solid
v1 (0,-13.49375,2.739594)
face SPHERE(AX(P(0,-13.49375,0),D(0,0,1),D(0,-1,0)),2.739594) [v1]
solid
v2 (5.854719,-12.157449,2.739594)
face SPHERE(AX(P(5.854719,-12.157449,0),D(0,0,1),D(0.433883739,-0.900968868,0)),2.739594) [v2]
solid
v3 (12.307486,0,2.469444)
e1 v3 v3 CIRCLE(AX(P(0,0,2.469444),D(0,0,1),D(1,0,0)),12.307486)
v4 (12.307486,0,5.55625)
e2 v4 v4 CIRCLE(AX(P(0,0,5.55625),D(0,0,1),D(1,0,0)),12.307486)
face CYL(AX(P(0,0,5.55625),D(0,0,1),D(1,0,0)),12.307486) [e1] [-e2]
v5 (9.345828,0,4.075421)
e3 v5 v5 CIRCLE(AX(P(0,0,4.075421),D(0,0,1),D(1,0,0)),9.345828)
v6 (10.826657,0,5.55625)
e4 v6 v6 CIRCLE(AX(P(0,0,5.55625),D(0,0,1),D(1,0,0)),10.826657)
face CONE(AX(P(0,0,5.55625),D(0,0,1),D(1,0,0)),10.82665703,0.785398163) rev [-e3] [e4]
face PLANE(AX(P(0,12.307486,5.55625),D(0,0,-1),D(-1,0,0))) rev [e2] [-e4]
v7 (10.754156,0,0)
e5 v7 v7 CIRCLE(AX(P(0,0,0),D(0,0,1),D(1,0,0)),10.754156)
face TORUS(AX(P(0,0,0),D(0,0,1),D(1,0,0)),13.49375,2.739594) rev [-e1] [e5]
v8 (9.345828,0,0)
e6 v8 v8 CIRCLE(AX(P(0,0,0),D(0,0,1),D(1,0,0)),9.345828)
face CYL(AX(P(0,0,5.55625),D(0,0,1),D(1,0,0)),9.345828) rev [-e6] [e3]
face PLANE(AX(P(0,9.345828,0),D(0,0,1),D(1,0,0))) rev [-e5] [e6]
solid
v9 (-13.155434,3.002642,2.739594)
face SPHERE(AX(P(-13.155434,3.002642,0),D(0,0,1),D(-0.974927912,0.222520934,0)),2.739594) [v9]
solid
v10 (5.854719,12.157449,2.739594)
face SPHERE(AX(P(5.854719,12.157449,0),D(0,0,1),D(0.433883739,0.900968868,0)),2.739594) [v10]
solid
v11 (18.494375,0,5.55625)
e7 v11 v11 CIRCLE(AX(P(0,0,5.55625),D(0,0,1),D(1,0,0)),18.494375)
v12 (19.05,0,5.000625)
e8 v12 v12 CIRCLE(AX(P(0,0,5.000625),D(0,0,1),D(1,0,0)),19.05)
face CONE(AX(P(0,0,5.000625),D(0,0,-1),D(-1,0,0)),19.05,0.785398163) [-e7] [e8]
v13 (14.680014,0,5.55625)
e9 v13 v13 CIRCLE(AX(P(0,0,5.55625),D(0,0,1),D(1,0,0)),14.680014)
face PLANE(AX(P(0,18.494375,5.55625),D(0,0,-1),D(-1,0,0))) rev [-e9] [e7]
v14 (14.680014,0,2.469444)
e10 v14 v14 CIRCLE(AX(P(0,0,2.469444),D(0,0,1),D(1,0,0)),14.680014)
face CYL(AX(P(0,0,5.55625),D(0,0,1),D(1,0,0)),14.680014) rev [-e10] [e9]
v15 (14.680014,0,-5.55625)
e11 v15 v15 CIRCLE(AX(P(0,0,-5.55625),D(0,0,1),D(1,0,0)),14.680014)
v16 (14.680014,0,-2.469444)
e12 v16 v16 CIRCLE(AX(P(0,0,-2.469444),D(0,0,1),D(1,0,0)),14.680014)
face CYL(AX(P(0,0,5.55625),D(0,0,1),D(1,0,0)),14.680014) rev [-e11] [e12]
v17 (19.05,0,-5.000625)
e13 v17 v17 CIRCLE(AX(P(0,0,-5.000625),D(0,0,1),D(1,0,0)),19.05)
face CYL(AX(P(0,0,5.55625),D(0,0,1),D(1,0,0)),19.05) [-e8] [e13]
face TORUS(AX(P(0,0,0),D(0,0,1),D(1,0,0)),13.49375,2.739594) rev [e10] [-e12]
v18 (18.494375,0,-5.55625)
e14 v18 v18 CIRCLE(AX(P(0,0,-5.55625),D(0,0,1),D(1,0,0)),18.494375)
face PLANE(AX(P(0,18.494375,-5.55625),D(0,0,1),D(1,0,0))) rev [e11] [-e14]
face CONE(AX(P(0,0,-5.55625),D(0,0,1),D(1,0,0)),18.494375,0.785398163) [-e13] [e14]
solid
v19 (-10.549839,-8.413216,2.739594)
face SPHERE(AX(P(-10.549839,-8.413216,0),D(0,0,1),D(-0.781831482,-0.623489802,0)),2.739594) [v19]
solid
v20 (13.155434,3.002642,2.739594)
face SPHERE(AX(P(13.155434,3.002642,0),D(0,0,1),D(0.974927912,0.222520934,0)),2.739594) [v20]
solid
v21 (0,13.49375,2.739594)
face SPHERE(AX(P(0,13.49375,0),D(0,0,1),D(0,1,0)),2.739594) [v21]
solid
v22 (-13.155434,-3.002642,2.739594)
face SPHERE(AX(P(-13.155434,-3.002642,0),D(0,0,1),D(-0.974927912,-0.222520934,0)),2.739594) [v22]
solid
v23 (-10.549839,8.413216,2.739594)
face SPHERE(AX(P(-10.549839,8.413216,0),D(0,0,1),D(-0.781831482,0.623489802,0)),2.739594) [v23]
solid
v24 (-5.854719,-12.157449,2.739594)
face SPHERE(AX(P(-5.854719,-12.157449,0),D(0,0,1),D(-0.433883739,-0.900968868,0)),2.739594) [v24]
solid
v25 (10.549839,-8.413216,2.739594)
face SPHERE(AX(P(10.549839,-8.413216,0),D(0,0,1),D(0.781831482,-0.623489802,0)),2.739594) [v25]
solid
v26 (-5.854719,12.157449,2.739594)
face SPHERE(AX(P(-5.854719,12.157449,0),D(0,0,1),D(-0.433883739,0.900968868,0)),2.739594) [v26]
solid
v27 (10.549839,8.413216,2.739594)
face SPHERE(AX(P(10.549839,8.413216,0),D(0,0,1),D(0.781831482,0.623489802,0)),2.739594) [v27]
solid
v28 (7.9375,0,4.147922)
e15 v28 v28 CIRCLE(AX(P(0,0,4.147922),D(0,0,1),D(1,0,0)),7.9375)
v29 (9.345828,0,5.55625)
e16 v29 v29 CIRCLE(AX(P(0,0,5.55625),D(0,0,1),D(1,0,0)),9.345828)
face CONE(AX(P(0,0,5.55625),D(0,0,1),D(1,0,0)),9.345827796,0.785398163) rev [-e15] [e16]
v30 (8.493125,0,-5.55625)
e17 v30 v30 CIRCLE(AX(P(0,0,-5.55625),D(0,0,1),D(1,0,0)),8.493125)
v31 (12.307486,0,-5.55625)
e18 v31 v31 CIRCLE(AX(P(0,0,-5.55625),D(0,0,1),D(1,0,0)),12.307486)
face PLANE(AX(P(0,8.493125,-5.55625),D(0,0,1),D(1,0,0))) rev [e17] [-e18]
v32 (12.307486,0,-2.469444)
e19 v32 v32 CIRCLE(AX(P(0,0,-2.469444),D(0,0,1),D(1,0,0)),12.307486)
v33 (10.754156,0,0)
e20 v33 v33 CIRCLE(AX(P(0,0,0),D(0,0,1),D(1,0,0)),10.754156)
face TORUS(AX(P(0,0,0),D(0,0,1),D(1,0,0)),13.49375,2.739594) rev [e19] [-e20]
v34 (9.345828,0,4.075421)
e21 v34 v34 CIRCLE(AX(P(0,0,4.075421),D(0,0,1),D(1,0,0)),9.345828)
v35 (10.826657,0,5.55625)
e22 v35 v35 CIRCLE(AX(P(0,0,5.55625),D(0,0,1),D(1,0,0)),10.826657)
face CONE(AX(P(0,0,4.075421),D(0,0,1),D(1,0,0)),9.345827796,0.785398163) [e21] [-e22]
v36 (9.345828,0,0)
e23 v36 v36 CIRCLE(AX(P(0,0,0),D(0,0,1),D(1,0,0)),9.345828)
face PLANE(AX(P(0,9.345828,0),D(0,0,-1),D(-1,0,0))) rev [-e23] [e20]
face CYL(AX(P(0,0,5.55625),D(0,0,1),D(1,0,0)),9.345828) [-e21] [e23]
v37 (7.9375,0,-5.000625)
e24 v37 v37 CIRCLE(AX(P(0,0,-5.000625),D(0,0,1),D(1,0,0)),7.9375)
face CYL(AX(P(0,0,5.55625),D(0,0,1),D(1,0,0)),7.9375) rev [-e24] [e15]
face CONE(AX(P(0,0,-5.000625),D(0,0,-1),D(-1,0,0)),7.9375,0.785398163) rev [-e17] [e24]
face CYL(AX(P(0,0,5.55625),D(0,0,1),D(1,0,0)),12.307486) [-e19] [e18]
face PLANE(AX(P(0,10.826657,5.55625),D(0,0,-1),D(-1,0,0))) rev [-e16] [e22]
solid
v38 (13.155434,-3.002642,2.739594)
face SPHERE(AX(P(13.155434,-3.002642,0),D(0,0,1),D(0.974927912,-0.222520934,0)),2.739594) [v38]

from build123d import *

# Parameters (mm, degrees)
CIRPATTERN1_COUNT = 14


with BuildPart() as part:
    # Sketch1 → Revolve1 (revolve)
    with BuildSketch(Plane(origin=(0, 0, 0), x_dir=(0, 0, -1), z_dir=(1, 0, 0))):
        with BuildLine():
            Line((5.000625, 19.05), (-5.000625, 19.05))
            Line((-5.000625, 19.05), (-5.55625, 18.494375))
            Line((-5.55625, 18.494375), (-5.55625, 14.680013736))
            Line((-5.55625, 14.680013736), (-2.469444444, 14.680013736))
            ThreePointArc((-2.469444444, 14.680013736), (0, 16.233344407), (2.469444444, 14.680013736))
            Line((2.469444444, 14.680013736), (5.55625, 14.680013736))
            Line((5.55625, 14.680013736), (5.55625, 18.494375))
            Line((5.55625, 18.494375), (5.000625, 19.05))
        make_face()
    revolve(axis=Axis((0, 0, 5.55625), (0, 0, -1)))


with BuildPart() as body_2:
    # Sketch2 → Revolve2 (revolve)
    with BuildSketch(Plane(origin=(0, 0, 0), x_dir=(0, 0, -1), z_dir=(1, 0, 0))):
        with BuildLine():
            Line((-5.55625, 12.307486264), (-2.469444444, 12.307486264))
            ThreePointArc((-2.469444444, 12.307486264), (-1.458680229, 11.174778351), (0, 10.754155593))
            Line((0, 10.754155593), (0, 9.345827796))
            Line((0, 9.345827796), (-4.075420766, 9.345827796))
            Line((-4.075420766, 9.345827796), (-5.55625, 10.82665703))
            Line((-5.55625, 10.82665703), (-5.55625, 12.307486264))
        make_face()
    revolve(axis=Axis((0, 0, 5.55625), (0, 0, -1)))


with BuildPart() as body_3:
    # Sketch3 → Revolve3 (revolve)
    with BuildSketch(Plane(origin=(0, 0, 0), x_dir=(0, 0, -1), z_dir=(1, 0, 0))):
        with BuildLine():
            Line((-5.55625, 10.82665703), (-4.075420766, 9.345827796))
            Line((-4.075420766, 9.345827796), (0, 9.345827796))
            Line((0, 9.345827796), (0, 10.754155593))
            ThreePointArc((0, 10.754155593), (1.458680229, 11.174778351), (2.469444444, 12.307486264))
            Line((2.469444444, 12.307486264), (5.55625, 12.307486264))
            Line((5.55625, 12.307486264), (5.55625, 8.493125))
            Line((5.55625, 8.493125), (5.000625, 7.9375))
            Line((5.000625, 7.9375), (-4.147922204, 7.9375))
            Line((-4.147922204, 7.9375), (-5.55625, 9.345827796))
            Line((-5.55625, 9.345827796), (-5.55625, 10.82665703))
        make_face()
    revolve(axis=Axis((0, 0, 5.55625), (0, 0, -1)))


with BuildPart() as body_4:
    # Sketch4 → Revolve4 (revolve)
    with BuildSketch(Plane(origin=(0, 0, 0), x_dir=(0, 0, -1), z_dir=(1, 0, 0))):
        with BuildLine():
            Line((-2.739594407, 13.49375), (2.739594407, 13.49375))
            ThreePointArc((2.739594407, 13.49375), (0, 16.233344407), (-2.739594407, 13.49375))
        make_face()
    revolve(axis=Axis((0, 13.49375, 2.739594407), (0, 0, -1)))


with BuildPart() as cirpattern1_1:
    # CirPattern1: pattern copy
    add(body_4.part.rotate(Axis((0, 0, -5.55625), (0, 0, 1)), 1 * 360 / CIRPATTERN1_COUNT))


with BuildPart() as cirpattern1_2:
    # CirPattern1: pattern copy
    add(body_4.part.rotate(Axis((0, 0, -5.55625), (0, 0, 1)), 2 * 360 / CIRPATTERN1_COUNT))


with BuildPart() as cirpattern1_3:
    # CirPattern1: pattern copy
    add(body_4.part.rotate(Axis((0, 0, -5.55625), (0, 0, 1)), 3 * 360 / CIRPATTERN1_COUNT))


with BuildPart() as cirpattern1_4:
    # CirPattern1: pattern copy
    add(body_4.part.rotate(Axis((0, 0, -5.55625), (0, 0, 1)), 4 * 360 / CIRPATTERN1_COUNT))


with BuildPart() as cirpattern1_5:
    # CirPattern1: pattern copy
    add(body_4.part.rotate(Axis((0, 0, -5.55625), (0, 0, 1)), 5 * 360 / CIRPATTERN1_COUNT))


with BuildPart() as cirpattern1_6:
    # CirPattern1: pattern copy
    add(body_4.part.rotate(Axis((0, 0, -5.55625), (0, 0, 1)), 6 * 360 / CIRPATTERN1_COUNT))


with BuildPart() as cirpattern1_7:
    # CirPattern1: pattern copy
    add(body_4.part.rotate(Axis((0, 0, -5.55625), (0, 0, 1)), 7 * 360 / CIRPATTERN1_COUNT))


with BuildPart() as cirpattern1_8:
    # CirPattern1: pattern copy
    add(body_4.part.rotate(Axis((0, 0, -5.55625), (0, 0, 1)), 8 * 360 / CIRPATTERN1_COUNT))


with BuildPart() as cirpattern1_9:
    # CirPattern1: pattern copy
    add(body_4.part.rotate(Axis((0, 0, -5.55625), (0, 0, 1)), 9 * 360 / CIRPATTERN1_COUNT))


with BuildPart() as cirpattern1_10:
    # CirPattern1: pattern copy
    add(body_4.part.rotate(Axis((0, 0, -5.55625), (0, 0, 1)), 10 * 360 / CIRPATTERN1_COUNT))


with BuildPart() as cirpattern1_11:
    # CirPattern1: pattern copy
    add(body_4.part.rotate(Axis((0, 0, -5.55625), (0, 0, 1)), 11 * 360 / CIRPATTERN1_COUNT))


with BuildPart() as cirpattern1_12:
    # CirPattern1: pattern copy
    add(body_4.part.rotate(Axis((0, 0, -5.55625), (0, 0, 1)), 12 * 360 / CIRPATTERN1_COUNT))


with BuildPart() as cirpattern1_13:
    # CirPattern1: pattern copy
    add(body_4.part.rotate(Axis((0, 0, -5.55625), (0, 0, 1)), 13 * 360 / CIRPATTERN1_COUNT))


solid = Compound([part.part, body_2.part, body_3.part, body_4.part, cirpattern1_1.part, cirpattern1_2.part, cirpattern1_3.part, cirpattern1_4.part, cirpattern1_5.part, cirpattern1_6.part, cirpattern1_7.part, cirpattern1_8.part, cirpattern1_9.part, cirpattern1_10.part, cirpattern1_11.part, cirpattern1_12.part, cirpattern1_13.part])
